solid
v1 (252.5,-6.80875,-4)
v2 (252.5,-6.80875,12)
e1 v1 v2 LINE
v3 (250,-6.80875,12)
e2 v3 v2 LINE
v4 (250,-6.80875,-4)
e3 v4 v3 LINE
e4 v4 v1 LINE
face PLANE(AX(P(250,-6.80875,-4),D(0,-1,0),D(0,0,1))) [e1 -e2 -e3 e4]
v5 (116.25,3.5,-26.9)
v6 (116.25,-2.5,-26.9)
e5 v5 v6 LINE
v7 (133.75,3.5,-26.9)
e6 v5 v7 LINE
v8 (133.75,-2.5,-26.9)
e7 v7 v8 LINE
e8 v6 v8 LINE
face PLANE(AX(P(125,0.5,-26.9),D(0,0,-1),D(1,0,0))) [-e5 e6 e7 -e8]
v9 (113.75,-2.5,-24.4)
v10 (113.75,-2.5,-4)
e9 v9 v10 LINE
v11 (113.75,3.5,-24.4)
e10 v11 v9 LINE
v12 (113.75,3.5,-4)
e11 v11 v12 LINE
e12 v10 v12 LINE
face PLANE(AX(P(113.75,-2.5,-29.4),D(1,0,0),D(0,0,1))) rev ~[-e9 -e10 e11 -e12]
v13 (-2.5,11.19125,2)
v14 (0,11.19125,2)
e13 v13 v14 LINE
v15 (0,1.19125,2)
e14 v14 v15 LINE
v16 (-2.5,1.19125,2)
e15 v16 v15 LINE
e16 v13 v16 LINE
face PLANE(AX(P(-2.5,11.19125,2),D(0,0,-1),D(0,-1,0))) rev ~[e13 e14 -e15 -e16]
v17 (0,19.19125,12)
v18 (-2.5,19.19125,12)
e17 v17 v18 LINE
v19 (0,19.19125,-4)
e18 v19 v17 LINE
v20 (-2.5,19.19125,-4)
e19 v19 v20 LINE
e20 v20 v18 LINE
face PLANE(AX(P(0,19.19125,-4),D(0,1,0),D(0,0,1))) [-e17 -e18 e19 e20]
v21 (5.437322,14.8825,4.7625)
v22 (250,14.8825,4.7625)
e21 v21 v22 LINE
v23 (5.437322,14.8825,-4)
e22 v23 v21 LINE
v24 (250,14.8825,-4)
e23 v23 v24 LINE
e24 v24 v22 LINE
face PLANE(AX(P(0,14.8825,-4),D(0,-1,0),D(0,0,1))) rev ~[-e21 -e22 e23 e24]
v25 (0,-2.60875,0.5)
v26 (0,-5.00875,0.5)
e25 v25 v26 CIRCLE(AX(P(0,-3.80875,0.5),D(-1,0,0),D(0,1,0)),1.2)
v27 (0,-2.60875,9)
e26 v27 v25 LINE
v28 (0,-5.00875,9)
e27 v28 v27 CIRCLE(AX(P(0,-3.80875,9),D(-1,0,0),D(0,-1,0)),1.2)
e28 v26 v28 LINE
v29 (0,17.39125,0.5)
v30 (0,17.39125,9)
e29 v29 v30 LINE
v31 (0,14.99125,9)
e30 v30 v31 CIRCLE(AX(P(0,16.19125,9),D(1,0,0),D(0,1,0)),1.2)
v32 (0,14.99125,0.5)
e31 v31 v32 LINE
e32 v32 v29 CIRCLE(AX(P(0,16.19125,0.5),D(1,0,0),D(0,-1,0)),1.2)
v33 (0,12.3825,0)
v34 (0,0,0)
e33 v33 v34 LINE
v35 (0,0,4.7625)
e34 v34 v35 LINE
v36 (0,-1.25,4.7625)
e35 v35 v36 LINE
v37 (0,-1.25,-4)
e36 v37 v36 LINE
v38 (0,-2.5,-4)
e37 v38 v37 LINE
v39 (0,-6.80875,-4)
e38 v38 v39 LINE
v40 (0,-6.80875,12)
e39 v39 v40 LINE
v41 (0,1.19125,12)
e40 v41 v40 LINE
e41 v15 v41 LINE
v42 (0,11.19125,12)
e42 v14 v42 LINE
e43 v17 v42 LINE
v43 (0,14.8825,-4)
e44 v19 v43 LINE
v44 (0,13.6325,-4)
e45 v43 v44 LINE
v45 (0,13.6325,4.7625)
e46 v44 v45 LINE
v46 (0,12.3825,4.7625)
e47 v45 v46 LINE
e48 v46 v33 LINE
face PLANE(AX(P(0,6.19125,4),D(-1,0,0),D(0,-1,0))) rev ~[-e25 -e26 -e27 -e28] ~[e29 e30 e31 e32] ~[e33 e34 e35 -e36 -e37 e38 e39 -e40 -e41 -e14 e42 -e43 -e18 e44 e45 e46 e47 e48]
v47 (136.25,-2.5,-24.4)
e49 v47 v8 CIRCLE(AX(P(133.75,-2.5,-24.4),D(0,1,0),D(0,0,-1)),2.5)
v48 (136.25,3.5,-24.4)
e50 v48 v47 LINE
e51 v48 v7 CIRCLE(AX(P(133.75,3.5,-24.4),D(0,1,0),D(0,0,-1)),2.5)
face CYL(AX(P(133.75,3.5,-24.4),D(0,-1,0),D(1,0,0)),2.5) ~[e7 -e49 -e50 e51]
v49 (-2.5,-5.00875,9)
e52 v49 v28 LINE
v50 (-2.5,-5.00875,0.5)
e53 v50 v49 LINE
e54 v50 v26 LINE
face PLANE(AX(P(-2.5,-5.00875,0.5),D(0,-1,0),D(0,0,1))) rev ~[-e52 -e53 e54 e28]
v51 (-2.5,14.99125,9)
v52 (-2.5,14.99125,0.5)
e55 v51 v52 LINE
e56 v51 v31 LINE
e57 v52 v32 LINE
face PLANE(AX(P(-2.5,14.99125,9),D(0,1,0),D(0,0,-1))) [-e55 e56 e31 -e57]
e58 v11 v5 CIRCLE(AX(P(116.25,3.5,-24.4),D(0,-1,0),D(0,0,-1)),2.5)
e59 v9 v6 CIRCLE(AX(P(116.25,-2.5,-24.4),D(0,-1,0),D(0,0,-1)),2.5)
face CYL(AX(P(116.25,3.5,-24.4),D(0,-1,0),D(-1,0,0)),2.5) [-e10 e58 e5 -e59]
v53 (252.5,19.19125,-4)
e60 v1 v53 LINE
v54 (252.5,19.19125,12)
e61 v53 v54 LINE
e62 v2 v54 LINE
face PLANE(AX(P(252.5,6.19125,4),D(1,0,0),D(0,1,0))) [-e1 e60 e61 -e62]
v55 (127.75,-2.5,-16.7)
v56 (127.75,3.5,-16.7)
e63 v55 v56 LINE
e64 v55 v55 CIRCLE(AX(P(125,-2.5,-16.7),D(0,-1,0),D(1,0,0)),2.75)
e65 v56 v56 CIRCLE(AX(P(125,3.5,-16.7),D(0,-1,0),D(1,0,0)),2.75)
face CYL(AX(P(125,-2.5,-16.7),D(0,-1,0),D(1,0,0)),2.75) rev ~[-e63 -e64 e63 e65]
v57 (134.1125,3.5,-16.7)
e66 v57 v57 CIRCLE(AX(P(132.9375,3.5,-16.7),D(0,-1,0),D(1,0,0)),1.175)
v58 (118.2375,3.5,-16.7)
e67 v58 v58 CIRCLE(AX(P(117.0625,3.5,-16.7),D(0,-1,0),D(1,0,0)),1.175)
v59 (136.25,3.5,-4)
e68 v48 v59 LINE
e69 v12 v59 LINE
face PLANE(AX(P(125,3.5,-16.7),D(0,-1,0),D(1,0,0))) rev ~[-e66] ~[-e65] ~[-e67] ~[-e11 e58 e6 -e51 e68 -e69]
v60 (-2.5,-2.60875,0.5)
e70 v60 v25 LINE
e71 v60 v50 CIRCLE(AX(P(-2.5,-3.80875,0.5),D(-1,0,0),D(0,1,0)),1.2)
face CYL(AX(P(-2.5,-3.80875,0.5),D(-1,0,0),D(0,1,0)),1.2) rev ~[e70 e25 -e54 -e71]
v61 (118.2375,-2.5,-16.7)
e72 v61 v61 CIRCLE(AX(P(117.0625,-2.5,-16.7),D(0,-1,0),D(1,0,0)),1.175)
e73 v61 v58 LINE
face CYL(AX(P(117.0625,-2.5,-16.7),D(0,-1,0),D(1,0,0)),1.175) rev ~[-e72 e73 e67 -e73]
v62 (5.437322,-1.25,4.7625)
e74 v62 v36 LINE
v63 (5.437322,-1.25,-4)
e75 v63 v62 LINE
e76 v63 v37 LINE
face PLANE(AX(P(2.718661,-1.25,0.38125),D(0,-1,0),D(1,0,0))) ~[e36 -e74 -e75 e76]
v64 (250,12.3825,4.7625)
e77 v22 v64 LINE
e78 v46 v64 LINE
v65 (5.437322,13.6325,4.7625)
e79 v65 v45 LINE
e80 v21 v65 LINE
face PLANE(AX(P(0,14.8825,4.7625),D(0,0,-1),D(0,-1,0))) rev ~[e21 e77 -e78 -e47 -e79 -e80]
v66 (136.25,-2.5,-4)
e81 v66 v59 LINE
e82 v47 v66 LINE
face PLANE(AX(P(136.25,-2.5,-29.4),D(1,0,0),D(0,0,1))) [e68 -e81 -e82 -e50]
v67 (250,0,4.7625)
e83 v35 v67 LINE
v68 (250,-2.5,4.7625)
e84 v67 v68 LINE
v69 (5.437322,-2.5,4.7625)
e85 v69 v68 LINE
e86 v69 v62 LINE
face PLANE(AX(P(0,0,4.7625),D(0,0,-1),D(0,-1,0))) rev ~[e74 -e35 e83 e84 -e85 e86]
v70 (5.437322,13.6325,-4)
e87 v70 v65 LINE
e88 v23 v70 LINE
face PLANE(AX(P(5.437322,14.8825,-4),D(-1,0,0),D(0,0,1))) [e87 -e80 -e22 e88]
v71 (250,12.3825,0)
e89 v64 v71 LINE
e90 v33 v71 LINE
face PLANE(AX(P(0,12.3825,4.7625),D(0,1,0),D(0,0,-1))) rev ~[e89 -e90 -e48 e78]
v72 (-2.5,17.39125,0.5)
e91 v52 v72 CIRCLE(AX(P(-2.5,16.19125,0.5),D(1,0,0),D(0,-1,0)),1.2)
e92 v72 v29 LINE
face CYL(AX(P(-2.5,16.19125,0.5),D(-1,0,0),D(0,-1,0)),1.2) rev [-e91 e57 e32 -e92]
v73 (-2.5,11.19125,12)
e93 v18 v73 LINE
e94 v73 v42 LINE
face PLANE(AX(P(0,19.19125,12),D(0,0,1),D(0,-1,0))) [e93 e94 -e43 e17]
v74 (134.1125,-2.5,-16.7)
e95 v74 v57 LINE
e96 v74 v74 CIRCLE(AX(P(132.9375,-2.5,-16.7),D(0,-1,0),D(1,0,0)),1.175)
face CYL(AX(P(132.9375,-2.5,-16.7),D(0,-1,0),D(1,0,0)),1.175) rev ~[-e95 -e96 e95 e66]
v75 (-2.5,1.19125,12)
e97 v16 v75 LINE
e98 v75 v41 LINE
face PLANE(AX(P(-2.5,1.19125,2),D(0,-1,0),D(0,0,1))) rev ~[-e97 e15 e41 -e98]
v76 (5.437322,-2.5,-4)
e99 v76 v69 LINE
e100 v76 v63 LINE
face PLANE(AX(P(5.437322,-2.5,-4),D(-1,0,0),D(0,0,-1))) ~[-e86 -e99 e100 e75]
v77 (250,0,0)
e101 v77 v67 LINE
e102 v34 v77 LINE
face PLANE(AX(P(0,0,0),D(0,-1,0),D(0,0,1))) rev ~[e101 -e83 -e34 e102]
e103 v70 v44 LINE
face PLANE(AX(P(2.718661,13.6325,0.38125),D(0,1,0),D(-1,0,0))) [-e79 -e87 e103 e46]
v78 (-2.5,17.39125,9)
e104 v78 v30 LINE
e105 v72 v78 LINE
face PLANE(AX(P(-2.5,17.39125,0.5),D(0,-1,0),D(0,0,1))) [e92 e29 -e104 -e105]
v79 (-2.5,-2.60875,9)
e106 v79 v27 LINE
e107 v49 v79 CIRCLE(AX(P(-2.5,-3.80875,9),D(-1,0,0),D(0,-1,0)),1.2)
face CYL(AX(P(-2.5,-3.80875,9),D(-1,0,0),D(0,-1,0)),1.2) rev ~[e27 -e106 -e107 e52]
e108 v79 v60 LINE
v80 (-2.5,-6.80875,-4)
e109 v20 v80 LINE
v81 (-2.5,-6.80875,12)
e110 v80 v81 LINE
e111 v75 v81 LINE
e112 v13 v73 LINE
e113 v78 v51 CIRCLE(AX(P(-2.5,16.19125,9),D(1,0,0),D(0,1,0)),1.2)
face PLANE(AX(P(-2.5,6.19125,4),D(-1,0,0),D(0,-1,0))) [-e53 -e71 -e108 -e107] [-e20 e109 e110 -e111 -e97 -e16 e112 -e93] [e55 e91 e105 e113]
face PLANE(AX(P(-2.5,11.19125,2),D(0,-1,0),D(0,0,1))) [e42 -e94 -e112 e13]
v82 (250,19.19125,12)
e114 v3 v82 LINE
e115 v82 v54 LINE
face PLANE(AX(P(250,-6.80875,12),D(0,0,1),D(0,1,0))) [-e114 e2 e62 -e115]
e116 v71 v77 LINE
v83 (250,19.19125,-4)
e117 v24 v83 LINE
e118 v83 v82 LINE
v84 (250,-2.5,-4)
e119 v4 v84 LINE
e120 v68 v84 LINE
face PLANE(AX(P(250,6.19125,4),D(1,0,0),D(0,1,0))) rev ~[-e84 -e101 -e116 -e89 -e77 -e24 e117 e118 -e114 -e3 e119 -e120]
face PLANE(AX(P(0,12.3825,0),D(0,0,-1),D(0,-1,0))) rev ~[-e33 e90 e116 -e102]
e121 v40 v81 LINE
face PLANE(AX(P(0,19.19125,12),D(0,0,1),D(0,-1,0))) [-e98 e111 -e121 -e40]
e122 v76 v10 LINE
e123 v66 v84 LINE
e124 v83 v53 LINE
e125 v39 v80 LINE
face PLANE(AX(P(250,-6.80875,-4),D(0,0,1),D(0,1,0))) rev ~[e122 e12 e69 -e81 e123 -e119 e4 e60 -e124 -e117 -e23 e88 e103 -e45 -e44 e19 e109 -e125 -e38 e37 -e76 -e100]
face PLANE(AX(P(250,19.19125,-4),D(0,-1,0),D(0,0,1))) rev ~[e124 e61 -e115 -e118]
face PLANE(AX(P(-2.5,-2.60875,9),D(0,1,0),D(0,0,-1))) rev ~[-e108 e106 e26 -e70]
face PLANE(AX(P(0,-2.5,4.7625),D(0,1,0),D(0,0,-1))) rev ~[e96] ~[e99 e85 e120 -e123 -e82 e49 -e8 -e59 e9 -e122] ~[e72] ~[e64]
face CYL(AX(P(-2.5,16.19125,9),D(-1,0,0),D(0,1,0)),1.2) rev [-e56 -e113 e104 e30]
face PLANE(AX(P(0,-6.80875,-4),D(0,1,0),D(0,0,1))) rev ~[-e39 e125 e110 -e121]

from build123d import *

# Parameters (mm, degrees)
BOSS_EXTRUDE1_DEPTH = 250
SKETCH16_W          = 22.5
SKETCH16_H          = 25.4
SKETCH16_R          = 1.175
SKETCH16_R_2        = 2.75
BOSS_EXTRUDE4_DEPTH = 6
SKETCH17_W          = 22.5
SKETCH17_H          = 6
CUT_EXTRUDE10_DEPTH = 2.5
SKETCH20_W          = 26
SKETCH20_H          = 16
BOSS_EXTRUDE7_DEPTH = 2.5
CUT_EXTRUDE12_DEPTH = 2.5
SKETCH22_W          = 10
SKETCH22_H          = 10
CUT_EXTRUDE13_DEPTH = 10
SKETCH23_W          = 5.437321705
SKETCH23_H          = 8.7625
CUT_EXTRUDE14_DEPTH = 1.25
SKETCH24_W          = 26
SKETCH24_H          = 16
BOSS_EXTRUDE8_DEPTH = 2.5
FILLET1_R           = 2.5


with BuildPart() as part:
    # Sketch1 → Boss-Extrude1 (new body)
    with BuildSketch(Plane.YZ):
        Polygon((0, 4.7625), (-2.5, 4.7625), (-2.5, -4), (14.8825, -4), (14.8825, 4.7625), (12.3825, 4.7625), (12.3825, 0), (0, 0), align=None)
    extrude(amount=BOSS_EXTRUDE1_DEPTH)

    # Sketch16 → Boss-Extrude4 (add)
    with BuildSketch(Plane.XZ.offset(2.5)):
        with Locations((125, -16.7)):
            Rectangle(SKETCH16_W, SKETCH16_H)
        with Locations((117.0625, -16.7)):
            Circle(SKETCH16_R, mode=Mode.SUBTRACT)
        with Locations((132.9375, -16.7)):
            Circle(SKETCH16_R, mode=Mode.SUBTRACT)
        with Locations((125, -16.7)):
            Circle(SKETCH16_R_2, mode=Mode.SUBTRACT)
    extrude(amount=-BOSS_EXTRUDE4_DEPTH)

    # Sketch17 → Cut-Extrude10 (cut)
    with BuildSketch(Plane(origin=(0, 0, -29.4), x_dir=(1, 0, 0), z_dir=(0, 0, -1))):
        with Locations((125, -0.5)):
            Rectangle(SKETCH17_W, SKETCH17_H)
    extrude(amount=-CUT_EXTRUDE10_DEPTH, mode=Mode.SUBTRACT)

    # Sketch20 → Boss-Extrude7 (add)
    with BuildSketch(Plane(origin=(0, 0, 0), x_dir=(0, -1, 0), z_dir=(-1, 0, 0))):
        with Locations((-6.19125, 4)):
            Rectangle(SKETCH20_W, SKETCH20_H)
    extrude(amount=BOSS_EXTRUDE7_DEPTH)

    # Sketch21 → Cut-Extrude12 (cut)
    with BuildSketch(Plane(origin=(-2.5, 0, 0), x_dir=(0, -1, 0), z_dir=(-1, 0, 0))):
        with BuildLine():
            Line((-14.99125, 9), (-14.99125, 0.5))
            ThreePointArc((-14.99125, 0.5), (-16.19125, -0.7), (-17.39125, 0.5))
            Line((-17.39125, 0.5), (-17.39125, 9))
            ThreePointArc((-17.39125, 9), (-16.19125, 10.2), (-14.99125, 9))
        make_face()
        with BuildLine():
            Line((2.60875, 9), (2.60875, 0.5))
            ThreePointArc((2.60875, 0.5), (3.80875, -0.7), (5.00875, 0.5))
            Line((5.00875, 0.5), (5.00875, 9))
            ThreePointArc((5.00875, 9), (3.80875, 10.2), (2.60875, 9))
        make_face()
    extrude(amount=-CUT_EXTRUDE12_DEPTH, mode=Mode.SUBTRACT)

    # Sketch22 → Cut-Extrude13 (cut)
    with BuildSketch(Plane(origin=(-2.5, 0, 0), x_dir=(0, -1, 0), z_dir=(-1, 0, 0))):
        with Locations((-6.19125, 7)):
            Rectangle(SKETCH22_W, SKETCH22_H)
    extrude(amount=-CUT_EXTRUDE13_DEPTH, mode=Mode.SUBTRACT)

    # Sketch23 → Cut-Extrude14 (cut)
    with BuildSketch(Plane(origin=(0, 14.8825, 0), x_dir=(-1, 0, 0), z_dir=(0, 1, 0))):
        with Locations((-2.718660853, 0.38125)):
            Rectangle(SKETCH23_W, SKETCH23_H)
    cut_extrude14 = extrude(amount=-CUT_EXTRUDE14_DEPTH, mode=Mode.SUBTRACT)

    # Mirror8: Cut-Extrude14 across plane
    add(cut_extrude14.mirror(Plane.ZX.offset(6.19125)), mode=Mode.SUBTRACT)

    # Sketch24 → Boss-Extrude8 (add)
    with BuildSketch(Plane.YZ.offset(250)):
        with Locations((6.19125, 4)):
            Rectangle(SKETCH24_W, SKETCH24_H)
    extrude(amount=BOSS_EXTRUDE8_DEPTH)

    # Fillet1
    fillet1_edges = [part.edges().sort_by_distance(p)[0] for p in [
        (136.25, 0.5, -26.9),
        (113.75, 0.5, -26.9),
    ]]
    fillet(fillet1_edges, radius=FILLET1_R)


solid = part.part
